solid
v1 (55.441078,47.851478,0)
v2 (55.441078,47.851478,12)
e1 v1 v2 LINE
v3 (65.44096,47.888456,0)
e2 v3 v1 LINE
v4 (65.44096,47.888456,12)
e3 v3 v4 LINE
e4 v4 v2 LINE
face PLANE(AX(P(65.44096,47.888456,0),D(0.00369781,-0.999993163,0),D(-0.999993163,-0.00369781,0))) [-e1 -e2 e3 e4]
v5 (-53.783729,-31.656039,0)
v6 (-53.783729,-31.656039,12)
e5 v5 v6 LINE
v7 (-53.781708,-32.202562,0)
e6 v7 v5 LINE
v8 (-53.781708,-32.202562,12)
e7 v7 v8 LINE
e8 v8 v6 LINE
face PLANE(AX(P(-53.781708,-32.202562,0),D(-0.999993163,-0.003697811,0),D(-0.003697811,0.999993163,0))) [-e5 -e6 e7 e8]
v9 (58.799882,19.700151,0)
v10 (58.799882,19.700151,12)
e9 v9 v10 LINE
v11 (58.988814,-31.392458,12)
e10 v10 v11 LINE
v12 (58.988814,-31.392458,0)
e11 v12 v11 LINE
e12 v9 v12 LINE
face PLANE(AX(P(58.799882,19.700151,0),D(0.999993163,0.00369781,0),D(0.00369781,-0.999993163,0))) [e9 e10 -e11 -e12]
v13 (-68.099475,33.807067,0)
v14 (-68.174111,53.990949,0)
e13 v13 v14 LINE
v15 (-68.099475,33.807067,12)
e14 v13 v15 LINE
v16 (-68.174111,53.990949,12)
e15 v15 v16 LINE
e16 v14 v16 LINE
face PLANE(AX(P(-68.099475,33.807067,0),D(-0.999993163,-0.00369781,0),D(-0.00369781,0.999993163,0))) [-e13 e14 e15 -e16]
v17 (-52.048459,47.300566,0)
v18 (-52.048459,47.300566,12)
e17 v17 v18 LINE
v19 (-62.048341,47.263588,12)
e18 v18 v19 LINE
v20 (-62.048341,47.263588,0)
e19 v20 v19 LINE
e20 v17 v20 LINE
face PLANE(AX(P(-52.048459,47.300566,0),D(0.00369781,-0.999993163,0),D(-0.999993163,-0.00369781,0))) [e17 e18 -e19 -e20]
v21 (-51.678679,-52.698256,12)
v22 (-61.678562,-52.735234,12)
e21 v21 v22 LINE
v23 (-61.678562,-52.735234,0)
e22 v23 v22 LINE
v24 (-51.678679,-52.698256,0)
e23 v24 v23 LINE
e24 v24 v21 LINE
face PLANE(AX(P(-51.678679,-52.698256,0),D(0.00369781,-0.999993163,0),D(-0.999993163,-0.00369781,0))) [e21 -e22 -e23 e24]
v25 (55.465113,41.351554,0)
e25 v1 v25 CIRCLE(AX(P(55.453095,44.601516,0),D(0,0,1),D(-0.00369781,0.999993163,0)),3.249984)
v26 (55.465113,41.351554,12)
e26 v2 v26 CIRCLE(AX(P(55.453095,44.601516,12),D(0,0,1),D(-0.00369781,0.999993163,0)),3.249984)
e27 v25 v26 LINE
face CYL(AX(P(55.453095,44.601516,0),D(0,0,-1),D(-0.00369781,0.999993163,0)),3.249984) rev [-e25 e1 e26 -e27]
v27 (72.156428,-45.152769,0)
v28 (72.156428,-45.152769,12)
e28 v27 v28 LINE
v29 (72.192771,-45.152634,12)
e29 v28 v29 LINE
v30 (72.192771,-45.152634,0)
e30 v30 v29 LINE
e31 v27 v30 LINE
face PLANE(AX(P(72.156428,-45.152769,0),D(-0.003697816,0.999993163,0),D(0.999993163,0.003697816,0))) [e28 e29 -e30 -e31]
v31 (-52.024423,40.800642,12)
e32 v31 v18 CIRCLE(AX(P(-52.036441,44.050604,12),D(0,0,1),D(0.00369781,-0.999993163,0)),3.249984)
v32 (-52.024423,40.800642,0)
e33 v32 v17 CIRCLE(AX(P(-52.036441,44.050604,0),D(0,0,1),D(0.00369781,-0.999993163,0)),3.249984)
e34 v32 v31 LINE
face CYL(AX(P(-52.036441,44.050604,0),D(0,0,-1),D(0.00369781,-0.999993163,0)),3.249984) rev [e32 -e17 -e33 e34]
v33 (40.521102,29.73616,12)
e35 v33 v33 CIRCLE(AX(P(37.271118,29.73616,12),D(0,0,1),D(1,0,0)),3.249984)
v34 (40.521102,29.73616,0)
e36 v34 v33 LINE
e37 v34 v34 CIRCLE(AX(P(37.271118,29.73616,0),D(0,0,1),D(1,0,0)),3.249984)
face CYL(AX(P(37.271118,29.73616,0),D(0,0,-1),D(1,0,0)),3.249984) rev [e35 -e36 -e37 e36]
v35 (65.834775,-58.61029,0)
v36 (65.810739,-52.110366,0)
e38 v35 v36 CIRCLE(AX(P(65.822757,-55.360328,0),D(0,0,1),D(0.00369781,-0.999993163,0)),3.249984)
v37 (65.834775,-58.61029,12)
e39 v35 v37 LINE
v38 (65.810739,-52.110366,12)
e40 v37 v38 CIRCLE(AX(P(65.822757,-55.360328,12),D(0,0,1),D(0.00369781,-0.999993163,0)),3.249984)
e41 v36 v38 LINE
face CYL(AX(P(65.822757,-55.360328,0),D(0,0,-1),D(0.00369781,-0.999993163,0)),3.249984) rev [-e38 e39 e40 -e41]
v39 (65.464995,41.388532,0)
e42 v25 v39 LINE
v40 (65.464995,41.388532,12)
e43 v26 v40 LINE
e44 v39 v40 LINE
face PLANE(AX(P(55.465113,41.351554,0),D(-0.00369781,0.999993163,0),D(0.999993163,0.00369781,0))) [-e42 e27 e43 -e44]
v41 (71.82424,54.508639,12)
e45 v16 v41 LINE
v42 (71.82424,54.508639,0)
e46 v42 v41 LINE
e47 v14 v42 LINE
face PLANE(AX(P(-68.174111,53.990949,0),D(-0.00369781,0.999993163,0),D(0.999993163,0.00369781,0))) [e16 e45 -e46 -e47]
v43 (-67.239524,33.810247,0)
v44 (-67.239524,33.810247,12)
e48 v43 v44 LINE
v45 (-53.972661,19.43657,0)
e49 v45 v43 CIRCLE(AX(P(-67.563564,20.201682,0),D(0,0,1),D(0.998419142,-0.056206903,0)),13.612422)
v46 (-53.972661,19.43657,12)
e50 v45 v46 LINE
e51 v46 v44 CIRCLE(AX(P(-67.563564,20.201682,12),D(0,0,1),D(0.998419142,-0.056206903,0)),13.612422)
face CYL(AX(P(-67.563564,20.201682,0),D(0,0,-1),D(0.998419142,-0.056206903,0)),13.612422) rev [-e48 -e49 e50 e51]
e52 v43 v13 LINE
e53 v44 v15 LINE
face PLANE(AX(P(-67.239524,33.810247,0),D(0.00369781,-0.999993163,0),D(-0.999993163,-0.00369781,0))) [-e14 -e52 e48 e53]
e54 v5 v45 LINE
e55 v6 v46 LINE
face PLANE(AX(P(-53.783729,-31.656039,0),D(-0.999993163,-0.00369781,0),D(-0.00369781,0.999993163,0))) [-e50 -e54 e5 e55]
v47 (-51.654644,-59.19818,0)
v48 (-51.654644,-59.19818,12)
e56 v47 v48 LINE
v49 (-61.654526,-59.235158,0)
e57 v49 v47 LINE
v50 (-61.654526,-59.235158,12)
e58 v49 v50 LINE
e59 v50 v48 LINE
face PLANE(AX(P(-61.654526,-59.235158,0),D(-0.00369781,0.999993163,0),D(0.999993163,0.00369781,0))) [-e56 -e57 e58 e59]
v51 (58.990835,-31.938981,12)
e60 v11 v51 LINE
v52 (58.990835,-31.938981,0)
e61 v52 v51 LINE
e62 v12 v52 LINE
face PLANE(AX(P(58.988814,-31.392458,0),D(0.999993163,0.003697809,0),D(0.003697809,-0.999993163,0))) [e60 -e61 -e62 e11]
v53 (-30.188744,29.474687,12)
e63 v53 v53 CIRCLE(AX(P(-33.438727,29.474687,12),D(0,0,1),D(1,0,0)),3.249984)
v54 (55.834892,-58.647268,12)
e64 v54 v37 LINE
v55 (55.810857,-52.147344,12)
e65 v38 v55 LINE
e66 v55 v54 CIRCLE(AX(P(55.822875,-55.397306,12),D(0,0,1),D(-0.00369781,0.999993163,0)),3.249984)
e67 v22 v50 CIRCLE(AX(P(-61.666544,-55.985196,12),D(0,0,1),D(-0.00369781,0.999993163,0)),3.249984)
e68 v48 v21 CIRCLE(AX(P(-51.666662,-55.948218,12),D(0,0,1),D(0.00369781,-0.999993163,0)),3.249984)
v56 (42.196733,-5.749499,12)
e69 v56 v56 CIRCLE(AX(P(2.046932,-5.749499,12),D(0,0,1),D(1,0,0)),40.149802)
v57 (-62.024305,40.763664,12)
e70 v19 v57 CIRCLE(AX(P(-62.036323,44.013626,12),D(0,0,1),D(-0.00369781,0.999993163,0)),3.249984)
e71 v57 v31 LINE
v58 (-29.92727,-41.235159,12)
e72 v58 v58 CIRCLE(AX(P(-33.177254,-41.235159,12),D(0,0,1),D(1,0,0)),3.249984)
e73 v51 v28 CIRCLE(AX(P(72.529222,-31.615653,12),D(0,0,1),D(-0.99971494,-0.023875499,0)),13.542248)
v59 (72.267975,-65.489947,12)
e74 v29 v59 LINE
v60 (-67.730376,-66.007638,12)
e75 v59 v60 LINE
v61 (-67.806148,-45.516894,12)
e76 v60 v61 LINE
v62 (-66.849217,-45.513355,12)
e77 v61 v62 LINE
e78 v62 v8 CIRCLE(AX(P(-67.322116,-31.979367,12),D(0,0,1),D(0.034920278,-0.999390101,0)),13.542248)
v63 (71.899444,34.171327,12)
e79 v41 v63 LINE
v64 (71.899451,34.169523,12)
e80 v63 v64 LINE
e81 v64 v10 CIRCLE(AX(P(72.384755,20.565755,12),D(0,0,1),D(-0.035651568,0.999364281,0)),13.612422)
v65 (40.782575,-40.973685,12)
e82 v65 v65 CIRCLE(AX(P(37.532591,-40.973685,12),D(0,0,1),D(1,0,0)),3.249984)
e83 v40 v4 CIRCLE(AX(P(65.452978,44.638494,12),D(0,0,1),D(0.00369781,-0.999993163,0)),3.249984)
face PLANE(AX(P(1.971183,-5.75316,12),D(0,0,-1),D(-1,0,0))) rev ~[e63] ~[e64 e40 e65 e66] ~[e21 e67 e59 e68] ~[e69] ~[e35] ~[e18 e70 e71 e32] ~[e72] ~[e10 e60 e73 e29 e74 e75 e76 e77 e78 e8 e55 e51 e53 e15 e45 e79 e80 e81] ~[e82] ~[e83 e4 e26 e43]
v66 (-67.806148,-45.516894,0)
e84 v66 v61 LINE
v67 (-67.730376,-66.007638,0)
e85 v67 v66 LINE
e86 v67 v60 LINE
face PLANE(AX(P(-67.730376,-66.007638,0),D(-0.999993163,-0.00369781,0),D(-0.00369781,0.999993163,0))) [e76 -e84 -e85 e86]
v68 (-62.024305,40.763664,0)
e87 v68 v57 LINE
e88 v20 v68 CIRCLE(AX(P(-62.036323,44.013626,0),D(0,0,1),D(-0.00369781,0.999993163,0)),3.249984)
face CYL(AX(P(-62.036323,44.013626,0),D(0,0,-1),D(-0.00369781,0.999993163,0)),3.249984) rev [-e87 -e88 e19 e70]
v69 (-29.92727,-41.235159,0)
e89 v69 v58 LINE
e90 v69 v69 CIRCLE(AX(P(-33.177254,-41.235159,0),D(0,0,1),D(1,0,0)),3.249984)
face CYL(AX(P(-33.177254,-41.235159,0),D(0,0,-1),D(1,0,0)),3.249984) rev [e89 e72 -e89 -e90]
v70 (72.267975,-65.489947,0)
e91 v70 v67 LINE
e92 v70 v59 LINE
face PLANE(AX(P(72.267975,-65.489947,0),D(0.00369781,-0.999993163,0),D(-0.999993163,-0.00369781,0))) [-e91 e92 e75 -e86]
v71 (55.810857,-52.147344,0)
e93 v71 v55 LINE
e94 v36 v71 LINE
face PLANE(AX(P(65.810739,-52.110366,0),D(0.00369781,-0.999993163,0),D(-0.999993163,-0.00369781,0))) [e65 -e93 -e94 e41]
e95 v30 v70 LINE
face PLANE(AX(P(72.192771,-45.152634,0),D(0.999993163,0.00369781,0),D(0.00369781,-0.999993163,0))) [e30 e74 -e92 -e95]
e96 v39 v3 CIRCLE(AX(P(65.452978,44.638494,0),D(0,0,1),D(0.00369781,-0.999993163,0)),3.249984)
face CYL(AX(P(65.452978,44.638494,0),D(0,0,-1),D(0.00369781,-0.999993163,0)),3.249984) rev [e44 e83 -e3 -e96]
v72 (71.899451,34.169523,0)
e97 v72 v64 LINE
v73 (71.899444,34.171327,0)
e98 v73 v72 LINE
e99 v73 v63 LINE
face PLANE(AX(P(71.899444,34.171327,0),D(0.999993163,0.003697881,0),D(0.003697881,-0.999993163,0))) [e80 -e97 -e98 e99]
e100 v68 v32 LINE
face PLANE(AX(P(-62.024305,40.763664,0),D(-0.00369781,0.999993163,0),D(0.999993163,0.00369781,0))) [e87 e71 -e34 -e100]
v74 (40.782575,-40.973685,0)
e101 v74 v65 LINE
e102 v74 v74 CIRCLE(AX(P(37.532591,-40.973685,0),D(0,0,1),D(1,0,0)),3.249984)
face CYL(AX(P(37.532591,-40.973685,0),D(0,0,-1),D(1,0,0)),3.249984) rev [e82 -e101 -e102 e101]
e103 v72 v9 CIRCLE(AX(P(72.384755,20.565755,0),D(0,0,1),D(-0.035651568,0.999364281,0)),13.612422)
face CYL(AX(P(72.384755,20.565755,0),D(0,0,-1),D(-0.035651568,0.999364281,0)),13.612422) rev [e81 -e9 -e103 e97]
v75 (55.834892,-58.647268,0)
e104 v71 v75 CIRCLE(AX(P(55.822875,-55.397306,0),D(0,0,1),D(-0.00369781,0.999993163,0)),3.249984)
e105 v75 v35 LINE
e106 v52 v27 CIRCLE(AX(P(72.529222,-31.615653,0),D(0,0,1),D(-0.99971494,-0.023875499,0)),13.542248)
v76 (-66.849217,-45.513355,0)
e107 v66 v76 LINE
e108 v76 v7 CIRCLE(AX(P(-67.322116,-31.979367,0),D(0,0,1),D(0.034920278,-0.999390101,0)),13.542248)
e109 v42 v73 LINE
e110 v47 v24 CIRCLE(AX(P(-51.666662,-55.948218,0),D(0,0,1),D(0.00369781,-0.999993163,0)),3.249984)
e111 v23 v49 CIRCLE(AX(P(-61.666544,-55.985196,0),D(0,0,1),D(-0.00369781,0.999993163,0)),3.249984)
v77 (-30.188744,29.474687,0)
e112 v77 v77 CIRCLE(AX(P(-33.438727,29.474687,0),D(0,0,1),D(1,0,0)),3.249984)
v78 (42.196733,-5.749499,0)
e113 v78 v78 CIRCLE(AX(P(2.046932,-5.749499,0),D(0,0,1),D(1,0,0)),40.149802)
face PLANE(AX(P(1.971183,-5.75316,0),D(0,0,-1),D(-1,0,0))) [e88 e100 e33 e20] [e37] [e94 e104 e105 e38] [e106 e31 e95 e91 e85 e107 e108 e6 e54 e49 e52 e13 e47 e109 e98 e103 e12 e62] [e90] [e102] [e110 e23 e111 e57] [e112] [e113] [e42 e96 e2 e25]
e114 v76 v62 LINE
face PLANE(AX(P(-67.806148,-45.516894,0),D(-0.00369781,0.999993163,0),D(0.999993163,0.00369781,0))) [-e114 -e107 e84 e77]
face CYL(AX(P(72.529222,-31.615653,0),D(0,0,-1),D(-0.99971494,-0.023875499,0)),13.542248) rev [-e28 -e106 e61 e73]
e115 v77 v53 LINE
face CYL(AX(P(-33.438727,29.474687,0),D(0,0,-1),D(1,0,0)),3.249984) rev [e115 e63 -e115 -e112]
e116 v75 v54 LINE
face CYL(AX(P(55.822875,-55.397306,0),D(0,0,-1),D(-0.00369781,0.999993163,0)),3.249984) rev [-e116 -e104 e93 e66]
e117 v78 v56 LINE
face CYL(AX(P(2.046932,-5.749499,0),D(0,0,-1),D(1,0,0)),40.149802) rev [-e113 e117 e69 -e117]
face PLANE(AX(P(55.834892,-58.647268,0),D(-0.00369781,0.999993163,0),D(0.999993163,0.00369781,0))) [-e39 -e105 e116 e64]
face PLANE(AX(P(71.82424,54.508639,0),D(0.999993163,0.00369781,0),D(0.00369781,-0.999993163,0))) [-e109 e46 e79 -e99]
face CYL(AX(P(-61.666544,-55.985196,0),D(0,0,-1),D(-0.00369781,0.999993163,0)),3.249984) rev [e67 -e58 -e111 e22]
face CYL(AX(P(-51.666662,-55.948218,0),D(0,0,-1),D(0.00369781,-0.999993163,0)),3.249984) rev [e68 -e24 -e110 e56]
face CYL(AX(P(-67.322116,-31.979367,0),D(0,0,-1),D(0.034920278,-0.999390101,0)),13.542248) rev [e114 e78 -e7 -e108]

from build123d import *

# Parameters (mm, degrees)
SKETCH1_R           = 40.149801581
SKETCH1_R_2         = 3.249983939
BOSS_EXTRUDE1_DEPTH = 12


with BuildPart() as part:
    # Sketch1 → Boss-Extrude1 (new body)
    with BuildSketch(Plane.XY):
        with BuildLine():
            Line((-68.174111389, 53.990948604), (71.824239973, 54.508639483))
            Line((71.824239973, 54.508639483), (71.899444011, 34.171326758))
            Line((71.899444011, 34.171326758), (71.89945068, 34.169523305))
            ThreePointArc((71.89945068, 34.169523305), (62.293513488, 29.701666637), (58.799882097, 19.700151139))
            Line((58.799882097, 19.700151139), (58.988814164, -31.392458227))
            Line((58.988814164, -31.392458227), (58.990835115, -31.938981122))
            ThreePointArc((58.990835115, -31.938981122), (62.935928372, -41.173957513), (72.156427876, -45.152768721))
            Line((72.156427876, -45.152768721), (72.192770973, -45.15263433))
            Line((72.192770973, -45.15263433), (72.267975011, -65.489947056))
            Line((72.267975011, -65.489947056), (-67.730376351, -66.007637935))
            Line((-67.730376351, -66.007637935), (-67.806147753, -45.51689395))
            Line((-67.806147753, -45.51689395), (-66.849217099, -45.513355378))
            ThreePointArc((-66.849217099, -45.513355378), (-57.65839533, -41.466462132), (-53.781707876, -32.202562082))
            Line((-53.781707876, -32.202562082), (-53.783728828, -31.656039187))
            Line((-53.783728828, -31.656039187), (-53.972660895, 19.436570179))
            ThreePointArc((-53.972660895, 19.436570179), (-57.560711521, 29.434286706), (-67.23952414, 33.810247094))
            Line((-67.23952414, 33.810247094), (-68.099474715, 33.807067138))
            Line((-68.099474715, 33.807067138), (-68.174111389, 53.990948604))
        make_face()
        with Locations((2.046931811, -5.749499226)):
            Circle(SKETCH1_R, mode=Mode.SUBTRACT)
        with Locations((-33.438727493, 29.474686699)):
            Circle(SKETCH1_R_2, mode=Mode.SUBTRACT)
        with Locations((-33.177254114, -41.235158529)):
            Circle(SKETCH1_R_2, mode=Mode.SUBTRACT)
        with Locations((37.532591115, -40.973685151)):
            Circle(SKETCH1_R_2, mode=Mode.SUBTRACT)
        with Locations((37.271117736, 29.736160078)):
            Circle(SKETCH1_R_2, mode=Mode.SUBTRACT)
        with BuildLine():
            Line((65.81073891, -52.110366387), (55.810856699, -52.147344307))
            ThreePointArc((55.810856699, -52.147344307), (52.572912804, -55.40932385), (55.834892347, -58.647267744))
            Line((55.834892347, -58.647267744), (65.834774558, -58.610289825))
            ThreePointArc((65.834774558, -58.610289825), (69.072718453, -55.348310282), (65.81073891, -52.110366387))
        make_face(mode=Mode.SUBTRACT)
        with BuildLine():
            Line((-61.654525972, -59.235157648), (-51.654643761, -59.198179728))
            ThreePointArc((-51.654643761, -59.198179728), (-48.416699866, -55.936200186), (-51.678679409, -52.698256291))
            Line((-51.678679409, -52.698256291), (-61.67856162, -52.735234211))
            ThreePointArc((-61.67856162, -52.735234211), (-64.916505515, -55.997213753), (-61.654525972, -59.235157648))
        make_face(mode=Mode.SUBTRACT)
        with BuildLine():
            Line((55.465113149, 41.351554371), (65.46499536, 41.388532291))
            ThreePointArc((65.46499536, 41.388532291), (68.702939255, 44.650511834), (65.440959712, 47.888455729))
            Line((65.440959712, 47.888455729), (55.441077501, 47.851477809))
            ThreePointArc((55.441077501, 47.851477809), (52.203133606, 44.589498266), (55.465113149, 41.351554371))
        make_face(mode=Mode.SUBTRACT)
        with BuildLine():
            Line((-52.048458607, 47.300565825), (-62.048340818, 47.263587905))
            ThreePointArc((-62.048340818, 47.263587905), (-65.286284713, 44.001608363), (-62.024305171, 40.763664468))
            Line((-62.024305171, 40.763664468), (-52.024422959, 40.800642388))
            ThreePointArc((-52.024422959, 40.800642388), (-48.786479064, 44.06262193), (-52.048458607, 47.300565825))
        make_face(mode=Mode.SUBTRACT)
    extrude(amount=BOSS_EXTRUDE1_DEPTH)


solid = part.part
